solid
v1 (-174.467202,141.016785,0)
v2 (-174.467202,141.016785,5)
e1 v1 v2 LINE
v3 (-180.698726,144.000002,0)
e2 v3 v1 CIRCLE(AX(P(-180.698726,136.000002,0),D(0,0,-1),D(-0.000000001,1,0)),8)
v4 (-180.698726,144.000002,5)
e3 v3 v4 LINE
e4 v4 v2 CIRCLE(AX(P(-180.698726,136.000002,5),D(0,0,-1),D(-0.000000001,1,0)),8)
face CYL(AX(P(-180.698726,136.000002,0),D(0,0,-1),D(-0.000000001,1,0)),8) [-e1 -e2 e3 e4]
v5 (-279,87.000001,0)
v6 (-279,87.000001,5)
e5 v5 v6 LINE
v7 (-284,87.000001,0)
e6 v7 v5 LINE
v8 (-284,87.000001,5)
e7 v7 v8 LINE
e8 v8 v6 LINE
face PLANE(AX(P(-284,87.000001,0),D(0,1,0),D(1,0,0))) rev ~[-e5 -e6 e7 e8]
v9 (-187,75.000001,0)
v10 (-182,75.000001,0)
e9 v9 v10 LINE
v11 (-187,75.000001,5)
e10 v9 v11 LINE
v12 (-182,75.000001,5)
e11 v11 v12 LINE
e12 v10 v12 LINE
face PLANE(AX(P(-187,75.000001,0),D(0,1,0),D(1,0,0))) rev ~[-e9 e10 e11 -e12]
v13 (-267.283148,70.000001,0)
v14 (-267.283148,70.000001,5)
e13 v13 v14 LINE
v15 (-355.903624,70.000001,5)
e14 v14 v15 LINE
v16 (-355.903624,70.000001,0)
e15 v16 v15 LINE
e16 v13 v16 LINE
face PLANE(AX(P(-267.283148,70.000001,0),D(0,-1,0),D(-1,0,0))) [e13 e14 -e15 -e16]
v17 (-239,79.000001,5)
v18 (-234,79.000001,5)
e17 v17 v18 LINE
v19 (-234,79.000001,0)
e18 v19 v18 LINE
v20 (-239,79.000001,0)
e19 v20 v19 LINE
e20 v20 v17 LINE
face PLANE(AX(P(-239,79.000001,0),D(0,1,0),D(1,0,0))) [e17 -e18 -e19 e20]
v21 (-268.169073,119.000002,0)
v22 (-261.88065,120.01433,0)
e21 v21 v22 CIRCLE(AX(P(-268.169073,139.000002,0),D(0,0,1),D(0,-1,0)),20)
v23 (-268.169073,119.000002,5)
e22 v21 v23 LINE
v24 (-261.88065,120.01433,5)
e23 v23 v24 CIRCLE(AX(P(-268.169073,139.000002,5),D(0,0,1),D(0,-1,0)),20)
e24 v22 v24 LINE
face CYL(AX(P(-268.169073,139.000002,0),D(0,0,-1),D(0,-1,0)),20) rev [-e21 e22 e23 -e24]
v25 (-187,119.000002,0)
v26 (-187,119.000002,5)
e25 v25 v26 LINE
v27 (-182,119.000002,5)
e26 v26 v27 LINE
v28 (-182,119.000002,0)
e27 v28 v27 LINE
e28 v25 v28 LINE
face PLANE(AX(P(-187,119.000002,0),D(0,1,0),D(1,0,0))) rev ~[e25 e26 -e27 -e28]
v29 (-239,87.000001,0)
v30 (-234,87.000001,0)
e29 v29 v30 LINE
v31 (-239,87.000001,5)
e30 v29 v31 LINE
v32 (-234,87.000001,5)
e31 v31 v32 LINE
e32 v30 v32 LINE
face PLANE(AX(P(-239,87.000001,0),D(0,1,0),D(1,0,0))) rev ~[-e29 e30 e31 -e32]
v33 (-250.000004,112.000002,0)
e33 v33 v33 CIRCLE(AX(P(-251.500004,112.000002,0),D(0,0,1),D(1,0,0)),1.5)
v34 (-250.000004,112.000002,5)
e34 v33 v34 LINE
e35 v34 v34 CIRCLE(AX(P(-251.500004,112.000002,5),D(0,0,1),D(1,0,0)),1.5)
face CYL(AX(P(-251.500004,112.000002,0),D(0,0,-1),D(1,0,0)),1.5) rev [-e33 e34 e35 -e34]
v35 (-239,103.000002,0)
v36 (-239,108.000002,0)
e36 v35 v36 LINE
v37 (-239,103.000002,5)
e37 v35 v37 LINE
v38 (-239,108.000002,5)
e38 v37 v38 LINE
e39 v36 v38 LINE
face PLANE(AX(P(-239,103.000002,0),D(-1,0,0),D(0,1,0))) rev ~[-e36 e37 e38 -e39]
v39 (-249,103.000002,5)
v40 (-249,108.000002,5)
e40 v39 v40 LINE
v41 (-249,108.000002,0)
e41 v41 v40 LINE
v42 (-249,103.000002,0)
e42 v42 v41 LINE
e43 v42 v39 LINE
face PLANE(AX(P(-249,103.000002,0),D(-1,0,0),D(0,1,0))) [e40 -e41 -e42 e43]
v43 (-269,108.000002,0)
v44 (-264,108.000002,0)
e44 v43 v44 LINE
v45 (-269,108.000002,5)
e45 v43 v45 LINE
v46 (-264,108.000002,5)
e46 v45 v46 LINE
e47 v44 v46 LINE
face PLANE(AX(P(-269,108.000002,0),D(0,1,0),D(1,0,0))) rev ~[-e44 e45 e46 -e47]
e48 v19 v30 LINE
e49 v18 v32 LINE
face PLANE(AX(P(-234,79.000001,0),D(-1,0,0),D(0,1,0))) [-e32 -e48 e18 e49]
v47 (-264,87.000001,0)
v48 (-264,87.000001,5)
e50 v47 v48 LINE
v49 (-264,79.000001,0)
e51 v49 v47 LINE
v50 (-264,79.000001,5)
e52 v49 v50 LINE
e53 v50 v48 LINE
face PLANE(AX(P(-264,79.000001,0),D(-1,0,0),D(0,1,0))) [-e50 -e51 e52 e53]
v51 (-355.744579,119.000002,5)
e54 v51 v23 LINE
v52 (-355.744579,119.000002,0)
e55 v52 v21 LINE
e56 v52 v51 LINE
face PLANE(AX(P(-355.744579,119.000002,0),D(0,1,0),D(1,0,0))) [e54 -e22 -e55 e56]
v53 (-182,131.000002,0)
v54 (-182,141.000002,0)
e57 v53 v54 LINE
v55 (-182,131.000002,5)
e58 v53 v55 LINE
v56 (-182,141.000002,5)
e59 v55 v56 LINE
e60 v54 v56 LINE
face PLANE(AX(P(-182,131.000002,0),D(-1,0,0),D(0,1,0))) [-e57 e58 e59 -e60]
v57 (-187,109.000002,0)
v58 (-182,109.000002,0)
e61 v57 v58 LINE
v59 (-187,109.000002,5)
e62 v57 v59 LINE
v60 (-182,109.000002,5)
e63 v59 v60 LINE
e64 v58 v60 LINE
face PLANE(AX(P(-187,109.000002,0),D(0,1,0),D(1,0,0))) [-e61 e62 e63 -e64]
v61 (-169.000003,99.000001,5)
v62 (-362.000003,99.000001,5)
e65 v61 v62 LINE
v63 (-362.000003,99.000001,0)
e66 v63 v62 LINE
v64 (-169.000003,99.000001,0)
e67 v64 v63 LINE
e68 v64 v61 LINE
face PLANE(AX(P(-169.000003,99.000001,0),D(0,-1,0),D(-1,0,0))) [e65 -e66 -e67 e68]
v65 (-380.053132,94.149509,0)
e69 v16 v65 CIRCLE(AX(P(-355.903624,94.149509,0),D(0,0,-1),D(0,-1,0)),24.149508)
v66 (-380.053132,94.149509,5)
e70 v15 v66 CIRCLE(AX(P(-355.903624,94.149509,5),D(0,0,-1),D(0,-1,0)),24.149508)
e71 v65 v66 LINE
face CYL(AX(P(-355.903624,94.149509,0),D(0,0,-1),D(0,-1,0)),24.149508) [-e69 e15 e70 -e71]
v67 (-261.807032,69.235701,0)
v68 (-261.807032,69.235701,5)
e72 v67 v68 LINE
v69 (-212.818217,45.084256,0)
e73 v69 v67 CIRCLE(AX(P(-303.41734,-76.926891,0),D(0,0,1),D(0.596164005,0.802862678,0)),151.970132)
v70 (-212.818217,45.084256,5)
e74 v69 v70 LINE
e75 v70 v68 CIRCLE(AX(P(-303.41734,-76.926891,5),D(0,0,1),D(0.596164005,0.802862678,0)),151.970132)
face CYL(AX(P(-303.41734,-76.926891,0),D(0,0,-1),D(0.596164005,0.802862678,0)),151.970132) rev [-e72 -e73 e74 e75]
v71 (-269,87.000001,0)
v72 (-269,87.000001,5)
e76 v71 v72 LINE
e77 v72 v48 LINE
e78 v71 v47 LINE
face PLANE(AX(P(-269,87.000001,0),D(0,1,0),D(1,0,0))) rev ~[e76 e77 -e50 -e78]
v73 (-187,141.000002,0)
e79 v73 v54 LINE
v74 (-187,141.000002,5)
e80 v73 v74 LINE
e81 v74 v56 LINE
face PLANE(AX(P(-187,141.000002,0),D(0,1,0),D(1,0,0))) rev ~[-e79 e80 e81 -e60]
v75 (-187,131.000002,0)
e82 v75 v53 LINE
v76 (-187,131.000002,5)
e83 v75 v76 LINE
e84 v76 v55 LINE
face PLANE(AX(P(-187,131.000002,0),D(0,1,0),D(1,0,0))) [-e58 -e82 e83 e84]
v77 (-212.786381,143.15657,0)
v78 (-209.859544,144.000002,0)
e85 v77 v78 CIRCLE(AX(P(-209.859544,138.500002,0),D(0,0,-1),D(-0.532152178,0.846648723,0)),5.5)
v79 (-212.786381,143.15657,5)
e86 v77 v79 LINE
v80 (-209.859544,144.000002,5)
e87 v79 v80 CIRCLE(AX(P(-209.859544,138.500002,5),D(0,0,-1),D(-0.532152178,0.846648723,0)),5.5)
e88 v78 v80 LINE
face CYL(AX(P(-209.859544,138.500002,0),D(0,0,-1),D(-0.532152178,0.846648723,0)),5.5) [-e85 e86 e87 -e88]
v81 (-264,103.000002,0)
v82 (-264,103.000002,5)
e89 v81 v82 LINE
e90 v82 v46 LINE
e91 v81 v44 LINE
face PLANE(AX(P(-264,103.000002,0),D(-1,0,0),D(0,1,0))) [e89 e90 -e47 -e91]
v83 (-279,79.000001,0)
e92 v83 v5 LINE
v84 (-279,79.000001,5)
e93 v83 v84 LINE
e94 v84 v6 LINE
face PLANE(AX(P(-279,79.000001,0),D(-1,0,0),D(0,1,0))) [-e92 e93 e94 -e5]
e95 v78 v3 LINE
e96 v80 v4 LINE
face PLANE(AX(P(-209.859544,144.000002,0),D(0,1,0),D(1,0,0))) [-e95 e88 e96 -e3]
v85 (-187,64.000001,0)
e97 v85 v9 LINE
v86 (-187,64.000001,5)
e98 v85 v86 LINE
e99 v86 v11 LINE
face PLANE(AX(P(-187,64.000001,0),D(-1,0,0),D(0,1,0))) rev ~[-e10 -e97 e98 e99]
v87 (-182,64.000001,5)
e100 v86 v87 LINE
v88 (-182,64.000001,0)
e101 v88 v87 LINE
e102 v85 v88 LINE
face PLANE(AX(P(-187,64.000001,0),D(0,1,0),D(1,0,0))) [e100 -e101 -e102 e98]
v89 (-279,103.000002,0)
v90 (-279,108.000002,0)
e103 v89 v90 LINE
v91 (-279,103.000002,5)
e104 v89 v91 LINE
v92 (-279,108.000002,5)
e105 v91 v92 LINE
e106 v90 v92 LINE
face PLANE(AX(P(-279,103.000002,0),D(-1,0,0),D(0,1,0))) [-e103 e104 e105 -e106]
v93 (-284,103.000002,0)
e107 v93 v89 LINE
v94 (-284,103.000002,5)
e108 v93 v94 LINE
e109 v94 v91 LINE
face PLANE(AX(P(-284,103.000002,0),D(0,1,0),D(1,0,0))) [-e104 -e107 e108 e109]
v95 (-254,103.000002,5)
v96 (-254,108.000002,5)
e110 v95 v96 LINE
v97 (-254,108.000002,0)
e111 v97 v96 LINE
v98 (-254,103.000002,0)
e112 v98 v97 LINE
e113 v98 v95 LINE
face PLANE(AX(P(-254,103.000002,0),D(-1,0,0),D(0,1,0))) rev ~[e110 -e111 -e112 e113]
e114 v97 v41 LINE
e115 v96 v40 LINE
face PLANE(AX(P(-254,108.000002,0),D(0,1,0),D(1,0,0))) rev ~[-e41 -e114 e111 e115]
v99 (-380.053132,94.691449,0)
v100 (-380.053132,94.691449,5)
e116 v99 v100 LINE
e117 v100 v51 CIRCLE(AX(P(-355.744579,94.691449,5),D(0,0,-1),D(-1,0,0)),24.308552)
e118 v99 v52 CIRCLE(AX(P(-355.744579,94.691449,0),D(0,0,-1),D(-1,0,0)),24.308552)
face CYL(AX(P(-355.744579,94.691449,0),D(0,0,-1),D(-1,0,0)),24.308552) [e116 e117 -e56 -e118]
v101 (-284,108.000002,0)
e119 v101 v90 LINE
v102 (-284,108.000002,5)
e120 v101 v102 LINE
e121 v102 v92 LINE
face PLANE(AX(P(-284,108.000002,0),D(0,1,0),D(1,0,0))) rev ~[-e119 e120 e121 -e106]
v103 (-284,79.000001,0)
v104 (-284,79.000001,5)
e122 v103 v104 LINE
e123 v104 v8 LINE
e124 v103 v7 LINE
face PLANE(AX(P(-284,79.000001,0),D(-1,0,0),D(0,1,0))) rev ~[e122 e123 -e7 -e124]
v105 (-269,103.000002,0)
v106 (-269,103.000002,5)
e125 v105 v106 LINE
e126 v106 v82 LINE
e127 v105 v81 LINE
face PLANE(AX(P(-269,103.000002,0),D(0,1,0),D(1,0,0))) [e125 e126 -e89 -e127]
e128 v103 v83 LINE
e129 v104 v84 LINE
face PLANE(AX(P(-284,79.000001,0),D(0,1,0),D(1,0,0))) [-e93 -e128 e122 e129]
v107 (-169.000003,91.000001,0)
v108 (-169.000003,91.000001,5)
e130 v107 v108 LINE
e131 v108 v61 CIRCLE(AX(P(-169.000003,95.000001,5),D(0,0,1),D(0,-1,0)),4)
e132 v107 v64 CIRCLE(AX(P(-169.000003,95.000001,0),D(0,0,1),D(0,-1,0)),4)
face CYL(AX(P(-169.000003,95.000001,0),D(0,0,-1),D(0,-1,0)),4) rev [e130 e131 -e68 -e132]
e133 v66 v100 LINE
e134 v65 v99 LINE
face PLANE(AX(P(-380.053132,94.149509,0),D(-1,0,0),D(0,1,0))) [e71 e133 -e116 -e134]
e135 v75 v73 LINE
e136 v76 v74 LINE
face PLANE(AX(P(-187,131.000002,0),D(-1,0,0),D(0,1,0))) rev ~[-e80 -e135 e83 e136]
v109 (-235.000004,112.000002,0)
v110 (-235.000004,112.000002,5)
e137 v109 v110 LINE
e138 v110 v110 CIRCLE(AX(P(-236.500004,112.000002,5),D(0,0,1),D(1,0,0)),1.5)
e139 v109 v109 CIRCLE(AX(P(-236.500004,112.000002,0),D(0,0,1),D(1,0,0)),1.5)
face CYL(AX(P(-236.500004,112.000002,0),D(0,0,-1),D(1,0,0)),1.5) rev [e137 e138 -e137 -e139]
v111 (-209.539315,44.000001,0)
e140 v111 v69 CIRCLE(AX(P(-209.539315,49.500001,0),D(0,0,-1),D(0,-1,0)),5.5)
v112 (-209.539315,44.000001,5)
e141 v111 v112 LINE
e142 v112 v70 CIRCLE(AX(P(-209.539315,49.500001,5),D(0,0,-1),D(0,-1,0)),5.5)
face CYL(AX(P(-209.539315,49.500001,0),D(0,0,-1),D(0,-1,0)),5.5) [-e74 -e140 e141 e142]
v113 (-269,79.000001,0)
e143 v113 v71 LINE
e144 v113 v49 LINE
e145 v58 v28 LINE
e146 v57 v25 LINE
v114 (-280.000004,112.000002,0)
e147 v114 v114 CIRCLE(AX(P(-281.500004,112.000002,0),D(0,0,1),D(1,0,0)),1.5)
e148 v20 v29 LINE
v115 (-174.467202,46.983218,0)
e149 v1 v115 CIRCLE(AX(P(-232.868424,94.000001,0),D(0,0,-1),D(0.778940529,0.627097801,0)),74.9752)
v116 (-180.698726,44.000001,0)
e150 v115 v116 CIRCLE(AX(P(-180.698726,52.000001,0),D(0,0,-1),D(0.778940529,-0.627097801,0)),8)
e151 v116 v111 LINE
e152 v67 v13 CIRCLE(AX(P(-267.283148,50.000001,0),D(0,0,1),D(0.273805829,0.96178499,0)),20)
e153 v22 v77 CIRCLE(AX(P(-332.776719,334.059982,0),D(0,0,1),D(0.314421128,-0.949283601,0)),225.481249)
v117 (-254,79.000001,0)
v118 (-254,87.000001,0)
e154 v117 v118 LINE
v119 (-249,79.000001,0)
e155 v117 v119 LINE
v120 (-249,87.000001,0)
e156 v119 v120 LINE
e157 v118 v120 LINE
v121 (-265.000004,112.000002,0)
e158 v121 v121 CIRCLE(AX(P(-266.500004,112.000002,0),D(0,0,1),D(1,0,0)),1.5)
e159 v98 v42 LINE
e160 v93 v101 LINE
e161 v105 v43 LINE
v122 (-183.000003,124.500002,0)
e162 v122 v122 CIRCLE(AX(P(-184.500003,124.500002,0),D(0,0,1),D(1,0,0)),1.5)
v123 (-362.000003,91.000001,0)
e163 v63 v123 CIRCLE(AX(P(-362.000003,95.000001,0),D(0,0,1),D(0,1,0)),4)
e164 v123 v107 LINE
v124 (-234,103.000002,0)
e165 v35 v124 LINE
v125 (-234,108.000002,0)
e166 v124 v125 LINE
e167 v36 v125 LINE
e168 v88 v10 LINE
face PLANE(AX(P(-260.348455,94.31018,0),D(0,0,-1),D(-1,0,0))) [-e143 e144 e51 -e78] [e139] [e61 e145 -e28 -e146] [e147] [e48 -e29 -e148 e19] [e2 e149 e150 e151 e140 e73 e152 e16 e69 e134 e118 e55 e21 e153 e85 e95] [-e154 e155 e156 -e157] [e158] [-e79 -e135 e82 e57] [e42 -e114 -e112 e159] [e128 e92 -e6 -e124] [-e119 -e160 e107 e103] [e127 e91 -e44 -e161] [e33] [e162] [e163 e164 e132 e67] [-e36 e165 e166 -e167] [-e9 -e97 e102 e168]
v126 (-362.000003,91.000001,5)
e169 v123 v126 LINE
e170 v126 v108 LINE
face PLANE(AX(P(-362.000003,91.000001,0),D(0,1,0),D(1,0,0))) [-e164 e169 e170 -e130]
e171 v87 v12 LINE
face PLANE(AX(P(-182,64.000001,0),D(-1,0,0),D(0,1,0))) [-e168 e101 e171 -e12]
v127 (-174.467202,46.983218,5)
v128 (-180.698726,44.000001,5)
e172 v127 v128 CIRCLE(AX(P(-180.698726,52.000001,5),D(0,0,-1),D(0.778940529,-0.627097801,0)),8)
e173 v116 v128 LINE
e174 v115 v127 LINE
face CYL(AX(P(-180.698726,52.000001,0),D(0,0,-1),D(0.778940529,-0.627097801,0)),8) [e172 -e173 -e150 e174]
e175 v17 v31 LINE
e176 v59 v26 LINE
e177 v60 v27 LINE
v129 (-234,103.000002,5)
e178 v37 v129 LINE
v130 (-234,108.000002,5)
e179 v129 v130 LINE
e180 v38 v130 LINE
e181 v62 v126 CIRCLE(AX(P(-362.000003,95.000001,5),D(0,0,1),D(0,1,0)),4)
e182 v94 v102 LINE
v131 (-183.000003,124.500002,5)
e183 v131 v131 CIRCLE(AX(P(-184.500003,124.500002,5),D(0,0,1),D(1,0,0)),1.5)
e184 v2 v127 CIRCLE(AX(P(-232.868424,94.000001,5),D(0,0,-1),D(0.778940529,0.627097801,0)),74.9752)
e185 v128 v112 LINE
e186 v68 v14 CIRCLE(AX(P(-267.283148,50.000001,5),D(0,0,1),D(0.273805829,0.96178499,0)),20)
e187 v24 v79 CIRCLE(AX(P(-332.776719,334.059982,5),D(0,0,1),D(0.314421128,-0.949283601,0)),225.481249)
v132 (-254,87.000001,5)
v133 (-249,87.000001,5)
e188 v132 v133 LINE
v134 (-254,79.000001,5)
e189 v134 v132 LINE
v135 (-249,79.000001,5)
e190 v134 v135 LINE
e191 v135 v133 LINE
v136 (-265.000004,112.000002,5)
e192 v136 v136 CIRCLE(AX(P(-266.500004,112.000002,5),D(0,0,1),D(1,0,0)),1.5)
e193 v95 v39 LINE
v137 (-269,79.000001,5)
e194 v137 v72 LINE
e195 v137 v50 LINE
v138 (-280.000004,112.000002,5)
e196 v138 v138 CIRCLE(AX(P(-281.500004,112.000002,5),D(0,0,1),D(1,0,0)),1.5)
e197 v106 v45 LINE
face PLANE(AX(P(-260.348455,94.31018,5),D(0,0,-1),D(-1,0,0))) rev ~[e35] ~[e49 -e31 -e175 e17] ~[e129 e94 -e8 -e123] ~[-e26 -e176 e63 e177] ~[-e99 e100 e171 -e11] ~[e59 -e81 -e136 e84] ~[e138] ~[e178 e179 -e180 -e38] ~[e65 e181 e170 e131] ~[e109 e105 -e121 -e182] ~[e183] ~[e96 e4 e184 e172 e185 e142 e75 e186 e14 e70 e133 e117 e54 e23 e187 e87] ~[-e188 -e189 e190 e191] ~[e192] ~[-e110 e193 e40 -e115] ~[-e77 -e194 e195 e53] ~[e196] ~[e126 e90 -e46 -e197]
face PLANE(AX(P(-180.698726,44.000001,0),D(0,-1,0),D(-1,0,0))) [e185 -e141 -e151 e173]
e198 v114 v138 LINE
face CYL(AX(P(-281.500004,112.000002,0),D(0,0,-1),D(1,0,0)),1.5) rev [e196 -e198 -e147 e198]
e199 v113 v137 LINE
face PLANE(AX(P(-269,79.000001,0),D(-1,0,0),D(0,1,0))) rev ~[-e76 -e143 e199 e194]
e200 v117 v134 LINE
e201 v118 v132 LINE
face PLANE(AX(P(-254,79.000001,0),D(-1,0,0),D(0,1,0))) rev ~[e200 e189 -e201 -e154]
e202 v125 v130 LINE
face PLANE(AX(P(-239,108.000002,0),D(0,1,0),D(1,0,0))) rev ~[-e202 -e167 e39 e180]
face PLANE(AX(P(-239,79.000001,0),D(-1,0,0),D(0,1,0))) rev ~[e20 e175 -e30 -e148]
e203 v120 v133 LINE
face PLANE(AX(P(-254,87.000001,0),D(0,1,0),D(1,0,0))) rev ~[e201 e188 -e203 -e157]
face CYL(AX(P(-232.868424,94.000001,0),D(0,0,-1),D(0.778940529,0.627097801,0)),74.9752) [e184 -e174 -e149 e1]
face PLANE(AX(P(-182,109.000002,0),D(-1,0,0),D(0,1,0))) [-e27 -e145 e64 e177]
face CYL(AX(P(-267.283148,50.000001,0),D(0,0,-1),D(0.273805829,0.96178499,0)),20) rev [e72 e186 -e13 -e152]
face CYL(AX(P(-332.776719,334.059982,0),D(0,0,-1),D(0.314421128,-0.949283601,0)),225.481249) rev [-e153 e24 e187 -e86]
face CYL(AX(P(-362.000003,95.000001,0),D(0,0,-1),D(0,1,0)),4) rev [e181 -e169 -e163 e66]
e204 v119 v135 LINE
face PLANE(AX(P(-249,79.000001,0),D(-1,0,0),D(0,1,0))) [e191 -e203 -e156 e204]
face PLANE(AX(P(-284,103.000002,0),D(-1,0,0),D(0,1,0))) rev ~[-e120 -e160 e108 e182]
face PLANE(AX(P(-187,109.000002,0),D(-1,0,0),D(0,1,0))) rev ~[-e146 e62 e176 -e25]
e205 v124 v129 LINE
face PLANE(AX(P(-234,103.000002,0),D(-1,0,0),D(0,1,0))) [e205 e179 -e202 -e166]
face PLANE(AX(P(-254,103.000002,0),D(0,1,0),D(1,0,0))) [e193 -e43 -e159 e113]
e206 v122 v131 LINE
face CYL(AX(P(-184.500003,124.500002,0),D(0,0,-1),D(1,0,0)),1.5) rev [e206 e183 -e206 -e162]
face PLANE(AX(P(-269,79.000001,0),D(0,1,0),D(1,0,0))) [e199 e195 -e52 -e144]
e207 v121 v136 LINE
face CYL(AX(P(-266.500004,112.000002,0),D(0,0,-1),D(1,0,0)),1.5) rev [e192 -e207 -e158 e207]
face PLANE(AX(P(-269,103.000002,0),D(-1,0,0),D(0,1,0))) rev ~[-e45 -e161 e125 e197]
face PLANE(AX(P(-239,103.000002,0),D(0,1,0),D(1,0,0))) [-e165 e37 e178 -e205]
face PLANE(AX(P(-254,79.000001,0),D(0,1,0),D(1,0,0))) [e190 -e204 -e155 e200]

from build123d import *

# Parameters (mm, degrees)
MODEL_R                  = 1.500000022
MODEL_W                  = 5.000000119
MODEL_H                  = 5.000000119
MODEL_H_2                = 8.000000119
MODEL_H_3                = 11.000000119
MODEL_H_4                = 10
RESSALTO_EXTRUS_O1_DEPTH = 5


with BuildPart() as part:
    # Model → Ressalto-extrusão1 (new body)
    with BuildSketch(Plane.XY):
        with BuildLine():
            Line((-180.698726154, 44.000000686), (-209.539314988, 44.000000686))
            ThreePointArc((-209.539314988, 44.000000686), (-211.26607554, 44.278095095), (-212.818217016, 45.084255959))
            ThreePointArc((-212.818217016, 45.084255959), (-236.218705268, 59.378884867), (-261.807031602, 69.235700855))
            ThreePointArc((-261.807031602, 69.235700855), (-264.518550223, 69.808004431), (-267.283148189, 70.000001046))
            Line((-267.283148189, 70.000001046), (-355.903623858, 70.000001046))
            ThreePointArc((-355.903623858, 70.000001046), (-372.979904567, 77.073228111), (-380.053131631, 94.149508819))
            Line((-380.053131631, 94.149508819), (-380.053131631, 94.691449457))
            ThreePointArc((-380.053131631, 94.691449457), (-372.93332153, 111.880191563), (-355.744579423, 119.000001664))
            Line((-355.744579423, 119.000001664), (-268.169073012, 119.000001664))
            ThreePointArc((-268.169073012, 119.000001664), (-264.984221388, 119.255211968), (-261.880650458, 120.014329651))
            ThreePointArc((-261.880650458, 120.014329651), (-236.634658237, 130.102883651), (-212.786381277, 143.156570145))
            ThreePointArc((-212.786381277, 143.156570145), (-211.382514446, 143.784939438), (-209.859544299, 144.000002169))
            Line((-209.859544299, 144.000002169), (-180.698726151, 144.000002169))
            ThreePointArc((-180.698726151, 144.000002169), (-177.244327452, 143.215757822), (-174.467201918, 141.016784577))
            ThreePointArc((-174.467201918, 141.016784577), (-157.893223845, 94.000001427), (-174.467201921, 46.983218277))
            ThreePointArc((-174.467201921, 46.983218277), (-177.244327455, 44.784245034), (-180.698726154, 44.000000686))
        make_face()
        with Locations((-281.500004195, 112.000001669)):
            Circle(MODEL_R, mode=Mode.SUBTRACT)
        with Locations((-184.500002749, 124.500001855)):
            Circle(MODEL_R, mode=Mode.SUBTRACT)
        with Locations((-251.500003748, 112.000001669)):
            Circle(MODEL_R, mode=Mode.SUBTRACT)
        with Locations((-236.500003524, 112.000001669)):
            Circle(MODEL_R, mode=Mode.SUBTRACT)
        with Locations((-266.500003971, 112.000001669)):
            Circle(MODEL_R, mode=Mode.SUBTRACT)
        with Locations((-281.499999941, 105.500001595)):
            Rectangle(MODEL_W, MODEL_H, mode=Mode.SUBTRACT)
        with Locations((-281.499999941, 83.000001236)):
            Rectangle(MODEL_W, MODEL_H_2, mode=Mode.SUBTRACT)
        with Locations((-236.50000006, 105.500001595)):
            Rectangle(MODEL_W, MODEL_H, mode=Mode.SUBTRACT)
        with Locations((-236.50000006, 83.000001236)):
            Rectangle(MODEL_W, MODEL_H_2, mode=Mode.SUBTRACT)
        with Locations((-251.499999941, 83.000001236)):
            Rectangle(MODEL_W, MODEL_H_2, mode=Mode.SUBTRACT)
        with Locations((-251.499999941, 105.500001595)):
            Rectangle(MODEL_W, MODEL_H, mode=Mode.SUBTRACT)
        with Locations((-184.499999941, 69.500001367)):
            Rectangle(MODEL_W, MODEL_H_3, mode=Mode.SUBTRACT)
        with Locations((-184.499999941, 136.000001903)):
            Rectangle(MODEL_W, MODEL_H_4, mode=Mode.SUBTRACT)
        with Locations((-184.499999941, 114.000001664)):
            Rectangle(MODEL_W, MODEL_H_4, mode=Mode.SUBTRACT)
        with Locations((-266.499999941, 83.000001236)):
            Rectangle(MODEL_W, MODEL_H_2, mode=Mode.SUBTRACT)
        with Locations((-266.499999941, 105.500001595)):
            Rectangle(MODEL_W, MODEL_H, mode=Mode.SUBTRACT)
        with BuildLine():
            Line((-362.000002593, 91.000001416), (-169.000002593, 91.000001416))
            ThreePointArc((-169.000002593, 91.000001416), (-165.000002841, 95.000001167), (-169.000002593, 99.000000919))
            Line((-169.000002593, 99.000000919), (-362.000002593, 99.000000919))
            ThreePointArc((-362.000002593, 99.000000919), (-366.000002344, 95.000001167), (-362.000002593, 91.000001416))
        make_face(mode=Mode.SUBTRACT)
    extrude(amount=RESSALTO_EXTRUS_O1_DEPTH)


solid = part.part
